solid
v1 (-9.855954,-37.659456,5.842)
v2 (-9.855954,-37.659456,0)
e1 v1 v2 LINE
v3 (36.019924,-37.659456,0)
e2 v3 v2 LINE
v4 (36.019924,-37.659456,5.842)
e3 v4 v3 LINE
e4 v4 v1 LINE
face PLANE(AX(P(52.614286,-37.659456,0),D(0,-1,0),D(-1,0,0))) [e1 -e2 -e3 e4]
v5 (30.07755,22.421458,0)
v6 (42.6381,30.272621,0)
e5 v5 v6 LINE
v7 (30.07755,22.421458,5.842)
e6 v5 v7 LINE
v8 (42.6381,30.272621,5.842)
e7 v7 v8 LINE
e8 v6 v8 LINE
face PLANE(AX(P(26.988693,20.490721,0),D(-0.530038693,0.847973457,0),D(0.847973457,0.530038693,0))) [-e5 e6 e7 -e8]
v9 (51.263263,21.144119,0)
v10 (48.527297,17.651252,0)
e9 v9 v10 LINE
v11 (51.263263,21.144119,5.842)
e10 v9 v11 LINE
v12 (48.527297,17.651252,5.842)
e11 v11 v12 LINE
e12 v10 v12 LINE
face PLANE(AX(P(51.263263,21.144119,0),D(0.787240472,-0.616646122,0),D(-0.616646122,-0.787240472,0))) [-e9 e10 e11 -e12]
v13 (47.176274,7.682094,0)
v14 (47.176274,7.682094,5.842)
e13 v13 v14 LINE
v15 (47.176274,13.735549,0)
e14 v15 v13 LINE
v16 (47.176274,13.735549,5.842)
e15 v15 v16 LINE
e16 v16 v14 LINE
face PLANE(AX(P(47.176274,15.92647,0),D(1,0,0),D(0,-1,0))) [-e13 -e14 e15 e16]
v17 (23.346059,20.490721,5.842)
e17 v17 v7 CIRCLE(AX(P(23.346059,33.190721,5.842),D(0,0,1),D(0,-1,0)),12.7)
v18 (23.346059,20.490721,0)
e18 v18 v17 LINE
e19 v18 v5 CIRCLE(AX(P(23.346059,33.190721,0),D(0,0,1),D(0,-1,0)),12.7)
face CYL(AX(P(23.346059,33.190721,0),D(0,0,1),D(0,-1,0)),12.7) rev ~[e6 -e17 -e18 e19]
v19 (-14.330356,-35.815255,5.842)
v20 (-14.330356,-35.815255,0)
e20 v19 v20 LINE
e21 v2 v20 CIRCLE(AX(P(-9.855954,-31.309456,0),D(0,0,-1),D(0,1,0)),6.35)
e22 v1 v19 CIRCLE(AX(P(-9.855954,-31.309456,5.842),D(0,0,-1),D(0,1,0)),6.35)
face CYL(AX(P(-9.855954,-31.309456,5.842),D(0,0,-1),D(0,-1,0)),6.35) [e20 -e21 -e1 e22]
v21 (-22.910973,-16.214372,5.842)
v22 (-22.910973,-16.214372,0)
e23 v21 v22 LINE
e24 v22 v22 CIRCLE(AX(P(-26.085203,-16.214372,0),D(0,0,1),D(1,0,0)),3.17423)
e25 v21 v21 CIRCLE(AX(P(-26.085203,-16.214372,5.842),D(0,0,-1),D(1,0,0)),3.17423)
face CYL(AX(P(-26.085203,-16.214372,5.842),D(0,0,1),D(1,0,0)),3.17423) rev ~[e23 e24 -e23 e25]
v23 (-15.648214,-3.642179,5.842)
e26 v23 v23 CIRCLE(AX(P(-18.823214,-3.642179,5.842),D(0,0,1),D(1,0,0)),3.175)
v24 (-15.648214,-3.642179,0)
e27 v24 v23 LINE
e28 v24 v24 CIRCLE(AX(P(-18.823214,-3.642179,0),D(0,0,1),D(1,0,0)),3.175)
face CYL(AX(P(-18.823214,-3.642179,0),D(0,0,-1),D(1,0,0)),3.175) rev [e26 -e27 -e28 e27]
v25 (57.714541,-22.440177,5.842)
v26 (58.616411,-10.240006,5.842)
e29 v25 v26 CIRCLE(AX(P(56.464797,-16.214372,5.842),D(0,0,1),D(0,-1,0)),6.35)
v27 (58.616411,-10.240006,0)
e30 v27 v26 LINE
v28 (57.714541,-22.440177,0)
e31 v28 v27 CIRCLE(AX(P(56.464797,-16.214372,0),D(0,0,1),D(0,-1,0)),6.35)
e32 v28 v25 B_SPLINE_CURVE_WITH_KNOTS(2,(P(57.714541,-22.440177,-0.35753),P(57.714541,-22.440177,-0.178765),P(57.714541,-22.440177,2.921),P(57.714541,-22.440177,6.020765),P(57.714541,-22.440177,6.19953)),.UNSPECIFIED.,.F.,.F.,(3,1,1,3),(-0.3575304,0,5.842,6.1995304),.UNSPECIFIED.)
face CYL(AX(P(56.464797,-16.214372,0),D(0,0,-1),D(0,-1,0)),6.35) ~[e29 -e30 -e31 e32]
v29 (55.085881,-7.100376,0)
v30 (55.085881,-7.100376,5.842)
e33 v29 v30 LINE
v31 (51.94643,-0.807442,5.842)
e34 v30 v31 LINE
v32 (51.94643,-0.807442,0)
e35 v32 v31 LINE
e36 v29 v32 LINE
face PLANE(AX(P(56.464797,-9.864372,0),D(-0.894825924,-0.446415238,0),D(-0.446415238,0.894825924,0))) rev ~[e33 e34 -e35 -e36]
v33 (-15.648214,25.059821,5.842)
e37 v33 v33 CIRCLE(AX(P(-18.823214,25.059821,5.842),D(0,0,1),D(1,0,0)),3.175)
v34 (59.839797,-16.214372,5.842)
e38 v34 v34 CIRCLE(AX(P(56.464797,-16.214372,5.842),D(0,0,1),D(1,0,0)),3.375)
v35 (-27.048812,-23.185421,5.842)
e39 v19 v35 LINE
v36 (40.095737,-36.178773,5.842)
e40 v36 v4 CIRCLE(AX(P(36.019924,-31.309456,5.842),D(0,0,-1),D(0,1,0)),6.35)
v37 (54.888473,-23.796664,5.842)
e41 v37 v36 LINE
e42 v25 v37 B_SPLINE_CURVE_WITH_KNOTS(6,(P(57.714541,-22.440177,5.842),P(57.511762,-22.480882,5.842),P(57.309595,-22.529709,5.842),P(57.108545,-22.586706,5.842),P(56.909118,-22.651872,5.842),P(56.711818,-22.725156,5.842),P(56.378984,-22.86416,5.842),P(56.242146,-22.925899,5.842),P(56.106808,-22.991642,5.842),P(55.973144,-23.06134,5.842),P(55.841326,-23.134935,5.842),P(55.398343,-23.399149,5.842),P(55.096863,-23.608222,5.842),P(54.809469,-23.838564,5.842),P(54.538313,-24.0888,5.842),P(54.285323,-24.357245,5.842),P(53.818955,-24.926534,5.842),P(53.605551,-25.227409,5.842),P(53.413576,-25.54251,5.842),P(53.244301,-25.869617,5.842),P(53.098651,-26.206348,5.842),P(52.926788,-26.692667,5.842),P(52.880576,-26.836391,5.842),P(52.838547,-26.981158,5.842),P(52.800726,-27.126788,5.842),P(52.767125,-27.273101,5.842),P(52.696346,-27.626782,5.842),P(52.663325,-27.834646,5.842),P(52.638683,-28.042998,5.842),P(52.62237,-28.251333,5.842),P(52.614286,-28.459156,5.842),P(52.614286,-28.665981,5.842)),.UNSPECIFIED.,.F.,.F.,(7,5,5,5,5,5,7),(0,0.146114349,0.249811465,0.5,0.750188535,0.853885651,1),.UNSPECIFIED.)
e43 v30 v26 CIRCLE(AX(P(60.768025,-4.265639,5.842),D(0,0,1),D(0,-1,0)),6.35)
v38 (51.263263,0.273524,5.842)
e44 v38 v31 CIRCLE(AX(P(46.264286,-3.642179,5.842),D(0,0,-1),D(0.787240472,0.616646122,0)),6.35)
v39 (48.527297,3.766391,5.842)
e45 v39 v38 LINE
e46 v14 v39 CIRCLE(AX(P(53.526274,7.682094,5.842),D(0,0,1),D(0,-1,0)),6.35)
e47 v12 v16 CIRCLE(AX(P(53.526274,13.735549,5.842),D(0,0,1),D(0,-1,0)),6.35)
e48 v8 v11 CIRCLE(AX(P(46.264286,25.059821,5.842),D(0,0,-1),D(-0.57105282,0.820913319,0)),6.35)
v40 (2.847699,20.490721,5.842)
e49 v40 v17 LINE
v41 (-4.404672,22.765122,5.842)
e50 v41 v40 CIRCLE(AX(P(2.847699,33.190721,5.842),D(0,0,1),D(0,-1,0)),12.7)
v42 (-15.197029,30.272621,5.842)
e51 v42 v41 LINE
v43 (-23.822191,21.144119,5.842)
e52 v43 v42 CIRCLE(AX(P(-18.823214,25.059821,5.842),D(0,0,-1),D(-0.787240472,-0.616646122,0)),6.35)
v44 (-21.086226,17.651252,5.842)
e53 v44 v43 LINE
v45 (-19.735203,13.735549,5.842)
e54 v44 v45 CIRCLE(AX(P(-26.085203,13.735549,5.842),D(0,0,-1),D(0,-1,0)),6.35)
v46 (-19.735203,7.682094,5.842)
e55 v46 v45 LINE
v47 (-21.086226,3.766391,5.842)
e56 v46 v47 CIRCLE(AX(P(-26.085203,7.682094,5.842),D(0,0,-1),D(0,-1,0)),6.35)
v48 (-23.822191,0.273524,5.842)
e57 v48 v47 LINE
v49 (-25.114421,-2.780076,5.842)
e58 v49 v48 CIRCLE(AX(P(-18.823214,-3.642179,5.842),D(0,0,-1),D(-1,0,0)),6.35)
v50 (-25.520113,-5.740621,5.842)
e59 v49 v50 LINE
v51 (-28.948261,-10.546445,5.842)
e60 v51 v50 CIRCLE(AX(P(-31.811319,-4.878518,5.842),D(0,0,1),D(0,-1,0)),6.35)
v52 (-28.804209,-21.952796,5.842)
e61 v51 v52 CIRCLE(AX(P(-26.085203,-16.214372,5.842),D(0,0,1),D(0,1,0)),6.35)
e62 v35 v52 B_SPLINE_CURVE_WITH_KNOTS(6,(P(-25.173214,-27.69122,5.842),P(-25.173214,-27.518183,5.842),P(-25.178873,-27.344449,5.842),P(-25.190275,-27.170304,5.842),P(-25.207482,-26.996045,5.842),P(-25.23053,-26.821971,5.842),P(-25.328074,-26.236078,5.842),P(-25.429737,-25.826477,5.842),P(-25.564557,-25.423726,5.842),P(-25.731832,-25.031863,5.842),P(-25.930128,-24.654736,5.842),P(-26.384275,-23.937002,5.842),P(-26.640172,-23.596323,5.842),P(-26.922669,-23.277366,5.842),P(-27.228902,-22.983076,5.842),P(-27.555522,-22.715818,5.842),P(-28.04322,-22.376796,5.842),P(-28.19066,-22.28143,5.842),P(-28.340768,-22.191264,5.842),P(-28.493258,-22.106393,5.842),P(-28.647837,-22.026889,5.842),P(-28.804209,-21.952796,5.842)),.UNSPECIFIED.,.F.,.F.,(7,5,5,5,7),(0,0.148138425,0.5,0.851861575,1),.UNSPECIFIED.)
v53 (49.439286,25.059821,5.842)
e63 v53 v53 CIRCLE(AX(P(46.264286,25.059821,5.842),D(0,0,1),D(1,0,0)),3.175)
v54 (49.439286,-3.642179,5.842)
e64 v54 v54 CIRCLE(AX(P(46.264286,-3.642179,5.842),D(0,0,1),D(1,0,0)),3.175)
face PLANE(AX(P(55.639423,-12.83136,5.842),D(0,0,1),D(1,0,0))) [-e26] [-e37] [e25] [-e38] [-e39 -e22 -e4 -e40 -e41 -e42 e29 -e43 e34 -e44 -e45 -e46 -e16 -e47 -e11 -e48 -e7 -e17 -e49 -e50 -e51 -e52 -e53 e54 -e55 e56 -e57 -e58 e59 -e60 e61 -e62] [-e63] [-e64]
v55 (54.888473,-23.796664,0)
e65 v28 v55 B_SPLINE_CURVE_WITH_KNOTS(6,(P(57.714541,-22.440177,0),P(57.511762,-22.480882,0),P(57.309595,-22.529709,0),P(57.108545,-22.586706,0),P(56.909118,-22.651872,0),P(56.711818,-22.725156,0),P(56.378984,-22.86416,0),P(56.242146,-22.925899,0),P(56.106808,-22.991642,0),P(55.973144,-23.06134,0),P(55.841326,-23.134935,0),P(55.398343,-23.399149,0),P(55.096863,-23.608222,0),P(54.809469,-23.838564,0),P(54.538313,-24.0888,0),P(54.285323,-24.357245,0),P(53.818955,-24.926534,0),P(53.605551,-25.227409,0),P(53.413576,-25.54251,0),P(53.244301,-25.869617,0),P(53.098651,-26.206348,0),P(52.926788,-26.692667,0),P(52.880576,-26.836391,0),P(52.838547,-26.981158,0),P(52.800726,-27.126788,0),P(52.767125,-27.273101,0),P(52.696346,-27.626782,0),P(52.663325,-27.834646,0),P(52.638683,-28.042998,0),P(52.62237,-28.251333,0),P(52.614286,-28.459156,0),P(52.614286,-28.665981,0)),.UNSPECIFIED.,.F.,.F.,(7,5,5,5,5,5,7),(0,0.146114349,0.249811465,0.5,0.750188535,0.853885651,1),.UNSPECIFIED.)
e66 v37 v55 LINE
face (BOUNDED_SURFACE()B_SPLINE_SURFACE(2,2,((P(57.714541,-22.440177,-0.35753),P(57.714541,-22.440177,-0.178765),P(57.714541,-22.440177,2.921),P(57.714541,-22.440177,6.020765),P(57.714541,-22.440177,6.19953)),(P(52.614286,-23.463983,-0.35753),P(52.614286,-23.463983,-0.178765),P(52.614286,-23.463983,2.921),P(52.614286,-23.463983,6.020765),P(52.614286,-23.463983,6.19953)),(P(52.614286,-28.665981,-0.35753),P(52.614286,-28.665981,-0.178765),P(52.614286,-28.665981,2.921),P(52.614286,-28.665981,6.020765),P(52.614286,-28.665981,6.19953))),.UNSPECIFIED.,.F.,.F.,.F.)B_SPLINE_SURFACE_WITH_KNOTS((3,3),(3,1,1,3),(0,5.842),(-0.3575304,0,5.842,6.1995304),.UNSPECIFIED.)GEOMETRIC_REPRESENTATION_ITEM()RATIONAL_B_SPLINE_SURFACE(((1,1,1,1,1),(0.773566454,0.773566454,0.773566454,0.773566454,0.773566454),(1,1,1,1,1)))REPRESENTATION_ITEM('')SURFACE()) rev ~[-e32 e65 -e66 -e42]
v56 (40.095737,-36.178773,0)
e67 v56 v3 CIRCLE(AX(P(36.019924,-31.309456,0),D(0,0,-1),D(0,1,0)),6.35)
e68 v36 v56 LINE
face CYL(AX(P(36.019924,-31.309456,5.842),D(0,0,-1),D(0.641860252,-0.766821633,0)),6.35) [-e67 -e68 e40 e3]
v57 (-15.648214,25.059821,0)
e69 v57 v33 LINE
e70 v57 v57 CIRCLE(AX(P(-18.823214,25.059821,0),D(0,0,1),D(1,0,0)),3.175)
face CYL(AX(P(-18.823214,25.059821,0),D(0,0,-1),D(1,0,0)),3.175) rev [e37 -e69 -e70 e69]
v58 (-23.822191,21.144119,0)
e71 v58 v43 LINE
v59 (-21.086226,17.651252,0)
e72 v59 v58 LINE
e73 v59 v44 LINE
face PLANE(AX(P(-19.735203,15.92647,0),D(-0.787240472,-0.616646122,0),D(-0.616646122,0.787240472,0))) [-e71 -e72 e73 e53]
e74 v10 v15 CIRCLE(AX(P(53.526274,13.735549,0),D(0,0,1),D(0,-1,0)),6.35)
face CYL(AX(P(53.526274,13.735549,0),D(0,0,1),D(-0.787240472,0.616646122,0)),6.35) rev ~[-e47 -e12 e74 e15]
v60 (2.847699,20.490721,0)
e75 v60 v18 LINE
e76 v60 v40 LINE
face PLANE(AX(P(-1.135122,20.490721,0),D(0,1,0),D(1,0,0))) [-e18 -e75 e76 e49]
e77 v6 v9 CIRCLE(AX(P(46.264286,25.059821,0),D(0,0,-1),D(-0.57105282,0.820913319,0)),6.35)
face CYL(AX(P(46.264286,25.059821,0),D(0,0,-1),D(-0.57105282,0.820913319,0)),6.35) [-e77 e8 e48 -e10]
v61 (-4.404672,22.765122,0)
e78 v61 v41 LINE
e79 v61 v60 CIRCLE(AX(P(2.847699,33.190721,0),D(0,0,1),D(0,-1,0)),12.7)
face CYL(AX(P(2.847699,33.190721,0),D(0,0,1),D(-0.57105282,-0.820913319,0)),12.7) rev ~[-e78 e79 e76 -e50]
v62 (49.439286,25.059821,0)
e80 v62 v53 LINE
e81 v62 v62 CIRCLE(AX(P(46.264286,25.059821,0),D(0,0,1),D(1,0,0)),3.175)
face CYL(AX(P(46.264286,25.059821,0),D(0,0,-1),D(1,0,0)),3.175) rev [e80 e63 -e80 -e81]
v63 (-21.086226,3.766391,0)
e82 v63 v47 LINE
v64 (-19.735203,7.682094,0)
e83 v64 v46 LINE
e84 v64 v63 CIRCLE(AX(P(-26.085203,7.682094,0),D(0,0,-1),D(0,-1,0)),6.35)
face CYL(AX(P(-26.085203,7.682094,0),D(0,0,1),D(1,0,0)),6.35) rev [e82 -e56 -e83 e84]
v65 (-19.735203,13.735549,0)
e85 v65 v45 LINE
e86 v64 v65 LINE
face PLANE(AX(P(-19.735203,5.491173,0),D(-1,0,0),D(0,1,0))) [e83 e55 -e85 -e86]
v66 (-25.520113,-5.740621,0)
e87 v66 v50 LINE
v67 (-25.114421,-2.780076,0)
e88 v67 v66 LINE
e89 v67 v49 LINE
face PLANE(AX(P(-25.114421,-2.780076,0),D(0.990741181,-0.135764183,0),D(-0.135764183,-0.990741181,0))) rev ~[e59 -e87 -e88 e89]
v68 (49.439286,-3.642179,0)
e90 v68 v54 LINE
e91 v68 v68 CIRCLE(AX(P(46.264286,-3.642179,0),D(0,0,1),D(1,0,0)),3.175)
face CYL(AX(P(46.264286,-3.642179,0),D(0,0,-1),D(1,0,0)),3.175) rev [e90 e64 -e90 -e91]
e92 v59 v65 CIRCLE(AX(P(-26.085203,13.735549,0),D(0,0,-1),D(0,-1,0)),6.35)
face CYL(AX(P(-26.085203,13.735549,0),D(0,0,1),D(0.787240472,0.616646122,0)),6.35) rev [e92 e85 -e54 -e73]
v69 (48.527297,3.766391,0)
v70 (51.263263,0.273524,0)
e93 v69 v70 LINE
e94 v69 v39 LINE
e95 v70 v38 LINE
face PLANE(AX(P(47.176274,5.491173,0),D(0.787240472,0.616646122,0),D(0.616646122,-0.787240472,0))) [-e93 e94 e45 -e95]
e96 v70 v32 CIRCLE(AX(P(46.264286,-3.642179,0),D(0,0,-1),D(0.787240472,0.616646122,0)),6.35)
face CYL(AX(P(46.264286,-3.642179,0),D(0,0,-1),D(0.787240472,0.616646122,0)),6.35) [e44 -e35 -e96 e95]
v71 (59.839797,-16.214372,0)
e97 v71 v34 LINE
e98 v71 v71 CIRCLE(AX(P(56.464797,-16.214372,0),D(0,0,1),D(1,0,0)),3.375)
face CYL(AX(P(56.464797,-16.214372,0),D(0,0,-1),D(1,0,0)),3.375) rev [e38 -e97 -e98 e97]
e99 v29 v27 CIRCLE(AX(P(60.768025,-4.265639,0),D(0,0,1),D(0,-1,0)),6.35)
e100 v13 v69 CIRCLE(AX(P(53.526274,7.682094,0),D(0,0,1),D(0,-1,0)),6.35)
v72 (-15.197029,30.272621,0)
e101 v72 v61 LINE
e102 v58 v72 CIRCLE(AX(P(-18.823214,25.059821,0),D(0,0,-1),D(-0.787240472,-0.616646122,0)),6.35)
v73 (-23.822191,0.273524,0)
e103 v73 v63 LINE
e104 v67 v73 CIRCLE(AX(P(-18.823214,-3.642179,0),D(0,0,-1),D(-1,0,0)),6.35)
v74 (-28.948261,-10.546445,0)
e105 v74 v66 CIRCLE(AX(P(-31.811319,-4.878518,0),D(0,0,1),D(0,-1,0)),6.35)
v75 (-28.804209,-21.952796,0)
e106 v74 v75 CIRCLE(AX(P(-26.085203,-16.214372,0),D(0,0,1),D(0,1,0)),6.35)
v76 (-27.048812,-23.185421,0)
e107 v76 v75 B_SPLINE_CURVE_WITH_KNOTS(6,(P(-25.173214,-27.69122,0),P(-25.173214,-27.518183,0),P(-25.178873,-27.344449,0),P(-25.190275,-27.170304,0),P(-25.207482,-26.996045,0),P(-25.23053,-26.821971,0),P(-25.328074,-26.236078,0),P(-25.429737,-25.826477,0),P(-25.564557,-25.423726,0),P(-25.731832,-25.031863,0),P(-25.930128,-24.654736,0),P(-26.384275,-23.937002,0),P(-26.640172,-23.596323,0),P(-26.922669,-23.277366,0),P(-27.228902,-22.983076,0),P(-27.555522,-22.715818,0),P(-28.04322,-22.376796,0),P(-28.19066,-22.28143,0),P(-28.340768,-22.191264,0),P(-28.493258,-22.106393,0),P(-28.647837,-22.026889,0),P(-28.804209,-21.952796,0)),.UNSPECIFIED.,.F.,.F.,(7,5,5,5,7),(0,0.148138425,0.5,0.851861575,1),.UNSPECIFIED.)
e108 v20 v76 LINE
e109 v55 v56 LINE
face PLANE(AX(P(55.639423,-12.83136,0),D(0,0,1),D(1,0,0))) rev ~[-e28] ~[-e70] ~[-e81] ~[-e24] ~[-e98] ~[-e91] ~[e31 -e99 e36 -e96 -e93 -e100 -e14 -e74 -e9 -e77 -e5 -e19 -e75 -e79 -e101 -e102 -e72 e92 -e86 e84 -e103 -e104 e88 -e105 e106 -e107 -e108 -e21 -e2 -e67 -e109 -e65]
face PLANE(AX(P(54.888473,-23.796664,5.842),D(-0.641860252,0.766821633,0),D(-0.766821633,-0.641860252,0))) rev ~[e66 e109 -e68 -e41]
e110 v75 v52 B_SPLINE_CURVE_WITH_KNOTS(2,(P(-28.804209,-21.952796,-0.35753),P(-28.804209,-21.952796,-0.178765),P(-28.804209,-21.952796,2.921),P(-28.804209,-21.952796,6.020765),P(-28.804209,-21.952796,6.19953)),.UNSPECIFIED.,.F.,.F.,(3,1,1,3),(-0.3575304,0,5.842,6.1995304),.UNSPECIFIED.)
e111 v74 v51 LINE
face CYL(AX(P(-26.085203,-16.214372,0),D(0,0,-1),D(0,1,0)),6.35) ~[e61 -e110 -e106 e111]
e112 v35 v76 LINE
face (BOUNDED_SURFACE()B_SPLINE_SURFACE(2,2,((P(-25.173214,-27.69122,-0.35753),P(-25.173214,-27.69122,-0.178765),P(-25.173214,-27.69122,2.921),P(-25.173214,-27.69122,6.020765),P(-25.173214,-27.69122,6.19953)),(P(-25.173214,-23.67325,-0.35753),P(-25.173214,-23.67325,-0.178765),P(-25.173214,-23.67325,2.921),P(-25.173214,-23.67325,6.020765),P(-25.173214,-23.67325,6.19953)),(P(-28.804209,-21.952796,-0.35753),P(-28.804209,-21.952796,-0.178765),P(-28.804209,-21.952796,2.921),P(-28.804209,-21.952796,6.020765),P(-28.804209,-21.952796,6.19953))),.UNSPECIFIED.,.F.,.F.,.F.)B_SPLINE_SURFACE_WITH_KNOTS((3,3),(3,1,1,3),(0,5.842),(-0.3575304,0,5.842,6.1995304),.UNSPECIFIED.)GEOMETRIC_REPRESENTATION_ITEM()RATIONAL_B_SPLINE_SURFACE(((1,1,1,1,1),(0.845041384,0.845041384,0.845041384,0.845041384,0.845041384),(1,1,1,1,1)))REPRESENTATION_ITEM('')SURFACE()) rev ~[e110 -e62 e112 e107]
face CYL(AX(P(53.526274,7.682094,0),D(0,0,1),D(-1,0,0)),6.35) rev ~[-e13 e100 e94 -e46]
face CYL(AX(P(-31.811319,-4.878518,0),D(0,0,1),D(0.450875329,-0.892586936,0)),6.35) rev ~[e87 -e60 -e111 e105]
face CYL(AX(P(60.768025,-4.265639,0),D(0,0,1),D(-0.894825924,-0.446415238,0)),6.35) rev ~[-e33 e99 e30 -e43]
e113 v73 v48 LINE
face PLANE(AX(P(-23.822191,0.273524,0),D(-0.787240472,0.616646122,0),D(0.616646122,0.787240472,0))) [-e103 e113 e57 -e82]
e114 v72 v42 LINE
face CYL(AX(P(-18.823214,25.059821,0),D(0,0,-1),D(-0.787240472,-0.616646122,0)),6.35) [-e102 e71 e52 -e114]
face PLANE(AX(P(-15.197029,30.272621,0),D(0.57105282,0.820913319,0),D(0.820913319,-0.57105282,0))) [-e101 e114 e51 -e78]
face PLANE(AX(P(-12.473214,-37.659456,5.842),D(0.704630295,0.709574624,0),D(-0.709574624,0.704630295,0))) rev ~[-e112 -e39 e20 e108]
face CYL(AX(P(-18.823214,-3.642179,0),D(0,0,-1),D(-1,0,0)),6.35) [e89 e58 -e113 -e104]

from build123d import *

# Parameters (mm, degrees)
SKETCH1_R           = 3.1750000000000016
SKETCH1_R_2         = 3.174999999999998
SKETCH1_R_3         = 3.1749999999999976
BOSS_EXTRUDE1_DEPTH = 5.842
FILLET1_R           = 6.35
FILLET2_R           = 12.7
BOSS_EXTRUDE2_START = -5.842
SKETCH2_R           = 3.3749999999999933
BOSS_EXTRUDE2_DEPTH = 5.842
SKETCH3_R           = 3.174229815615873
CUT_EXTRUDE1_DEPTH  = 74.47150684282778
FILLET3_R           = 6.35
CUT_EXTRUDE2_DEPTH  = 74.47150698753184
FILLET4_R           = 6.35


with BuildPart() as part:
    # Sketch1 → Boss-Extrude1 (new body)
    with BuildSketch(Plane.XY):
        with BuildLine():
            Line((-19.735202783136515, 15.926469991088537), (-23.82219128055887, 21.14411855360569))
            ThreePointArc((-23.82219128055887, 21.14411855360569), (-23.43878883536159, 29.420896018239304), (-15.19702887852625, 30.27262100199607))
            Line((-15.19702887852625, 30.27262100199607), (-1.1351215821202347, 20.490721215283713))
            Line((-1.1351215821202347, 20.490721215283713), (26.98869301069201, 20.49072121528371))
            Line((26.98869301069201, 20.49072121528371), (42.6381003070978, 30.272621001996075))
            ThreePointArc((42.6381003070978, 30.272621001996075), (50.87986026393313, 29.42089601823929), (51.26326270913039, 21.14411855360571))
            Line((51.26326270913039, 21.14411855360571), (47.176274211707955, 15.926469991088574))
            Line((47.176274211707955, 15.926469991088574), (47.176274211707955, 5.491172866054349))
            Line((47.176274211707955, 5.491172866054349), (51.26326270913039, 0.27352430353700524))
            ThreePointArc((51.26326270913039, 0.27352430353700524), (52.26703524751068, -1.5710682312081294), (52.614285714285785, -3.6421785714286505))
            Line((52.614285714285785, -3.6421785714286505), (52.614285714285785, -37.659455709821316))
            Line((52.614285714285785, -37.659455709821316), (-25.173214285713918, -37.659455709821316))
            Line((-25.173214285713918, -37.659455709821316), (-25.173214285713925, -3.6421785714286505))
            ThreePointArc((-25.173214285713925, -3.6421785714286505), (-24.825963818939076, -1.5710682312081503), (-23.822191280558854, 0.27352430353699286))
            Line((-23.822191280558854, 0.27352430353699286), (-19.735202783136522, 5.491172866054132))
            Line((-19.735202783136522, 5.491172866054132), (-19.735202783136515, 15.926469991088537))
        make_face()
        with Locations((-18.823214285714226, 25.059821428571347)):
            Circle(SKETCH1_R, mode=Mode.SUBTRACT)
        with Locations((46.26428571428577, 25.059821428571347)):
            Circle(SKETCH1_R_2, mode=Mode.SUBTRACT)
        with Locations((46.26428571428577, -3.6421785714286505)):
            Circle(SKETCH1_R_3, mode=Mode.SUBTRACT)
        with Locations((-18.823214285713924, -3.6421785714286505)):
            Circle(SKETCH1_R, mode=Mode.SUBTRACT)
    extrude(amount=BOSS_EXTRUDE1_DEPTH)

    # Fillet1
    fillet1_edges = [part.edges().sort_by_distance(p)[0] for p in [
        (47.176274211707955, 15.926469991088574, 2.921),
        (47.176274211707955, 5.491172866054349, 2.921),
        (-19.735202783136522, 5.491172866054132, 2.921),
        (-19.735202783136515, 15.926469991088537, 2.921),
    ]]
    fillet(fillet1_edges, radius=FILLET1_R)

    # Fillet2
    fillet2_edges = [part.edges().sort_by_distance(p)[0] for p in [
        (-1.1351215821202347, 20.490721215283713, 2.921),
        (26.98869301069201, 20.49072121528371, 2.921),
    ]]
    fillet(fillet2_edges, radius=FILLET2_R)

    # Sketch2 → Boss-Extrude2 (add)
    # profile 1 of 2: a face of its own
    with BuildSketch(Plane.XY.offset(5.842).offset(BOSS_EXTRUDE2_START)):
        with BuildLine():
            Line((52.614285714285785, -22.564372384825948), (56.4647972168636, -22.564372384825948))
            ThreePointArc((56.4647972168636, -22.564372384825948), (62.8147972168636, -16.214372384825946), (56.4647972168636, -9.864372384825945))
            Line((56.4647972168636, -9.864372384825945), (51.94643033410118, -0.8074418077232544))
            ThreePointArc((51.94643033410118, -0.8074418077232544), (52.44506715095817, -2.186005219081439), (52.614285714285785, -3.6421785714286505))
            Line((52.614285714285785, -3.6421785714286505), (52.614285714285785, -11.165009933138013))
            Line((52.614285714285785, -11.165009933138013), (52.614285714285785, -21.26373483651388))
            Line((52.614285714285785, -21.26373483651388), (52.614285714285785, -22.564372384825948))
        make_face()
        with Locations((56.4647972168636, -16.214372384825946)):
            Circle(SKETCH2_R, mode=Mode.SUBTRACT)
    # profile 2 of 2: a face of its own
    with BuildSketch(Plane.XY.offset(5.842).offset(BOSS_EXTRUDE2_START)):
        with BuildLine():
            Line((-25.11442078188718, -2.7800760122689354), (-26.085202783136417, -9.864372384825948))
            ThreePointArc((-26.085202783136417, -9.864372384825948), (-32.43520278313642, -16.21437238482595), (-26.085202783136413, -22.56437238482595))
            Line((-26.085202783136417, -22.56437238482595), (-25.17321428571397, -22.56437238482595))
            Line((-25.17321428571397, -22.56437238482595), (-25.17321428571397, -22.49854114294895))
            Line((-25.173214285713975, -22.49854114294895), (-25.173214285713986, -19.254769053504887))
            ThreePointArc((-25.173214285713996, -19.254769053504887), (-29.25943259875229, -16.214372384825957), (-25.17321428571401, -13.173975716147009))
            Line((-25.173214285714007, -13.173975716147009), (-25.17321428571402, -9.930203626702937))
            Line((-25.17321428571402, -9.930203626702937), (-25.173214285714042, -3.6421785714286496))
            ThreePointArc((-25.173214285714042, -3.6421785714286496), (-25.158498859065922, -3.2101260576638357), (-25.11442078188718, -2.7800760122689354))
        make_face()
    extrude(amount=BOSS_EXTRUDE2_DEPTH)

    # Sketch3 → Cut-Extrude1 (cut, through all)
    with BuildSketch(Plane.XY.offset(5.842)):
        with Locations((-26.085202783136417, -16.21437238482595)):
            Circle(SKETCH3_R)
    extrude(amount=-CUT_EXTRUDE1_DEPTH, mode=Mode.SUBTRACT)

    # Fillet3
    fillet3_edges = [part.edges().sort_by_distance(p)[0] for p in [
        (56.4647972168636, -9.864372384825945, 2.921),
        (52.614285714285785, -22.564372384825948, 2.921),
        (-25.17321428571397, -22.56437238482595, 2.921),
        (-26.085202783136417, -9.864372384825948, 2.921),
    ]]
    fillet(fillet3_edges, radius=FILLET3_R)

    # Sketch4 → Cut-Extrude2 (cut, through all)
    with BuildSketch(Plane.XY.offset(5.842)):
        with BuildLine():
            Line((-25.173214285713918, -37.659455709821316), (-12.473214285713917, -37.659455709821316))
            Line((-12.473214285713917, -37.659455709821316), (-27.048811913081487, -23.185421123073148))
            ThreePointArc((-27.048811913081487, -23.185421123073148), (-25.66083613916725, -25.250928515915028), (-25.17321428571392, -27.691219987623278))
            Line((-25.17321428571392, -27.691219987623278), (-25.173214285713918, -37.659455709821316))
        make_face()
        with BuildLine():
            Line((54.888473112152276, -23.796663637650127), (38.326785714286075, -37.659455709821316))
            Line((38.326785714286075, -37.659455709821316), (52.614285714285785, -37.659455709821316))
            Line((52.614285714285785, -37.659455709821316), (52.614285714285785, -28.665981005853762))
            ThreePointArc((52.614285714285785, -28.665981005853762), (53.21085586664066, -25.97887382745055), (54.888473112152276, -23.796663637650127))
        make_face()
    extrude(amount=-CUT_EXTRUDE2_DEPTH, mode=Mode.SUBTRACT)

    # Fillet4
    fillet4_edges = [part.edges().sort_by_distance(p)[0] for p in [
        (-12.473214285713917, -37.659455709821316, 2.921),
        (38.326785714286075, -37.659455709821316, 2.921),
    ]]
    fillet(fillet4_edges, radius=FILLET4_R)


solid = part.part
